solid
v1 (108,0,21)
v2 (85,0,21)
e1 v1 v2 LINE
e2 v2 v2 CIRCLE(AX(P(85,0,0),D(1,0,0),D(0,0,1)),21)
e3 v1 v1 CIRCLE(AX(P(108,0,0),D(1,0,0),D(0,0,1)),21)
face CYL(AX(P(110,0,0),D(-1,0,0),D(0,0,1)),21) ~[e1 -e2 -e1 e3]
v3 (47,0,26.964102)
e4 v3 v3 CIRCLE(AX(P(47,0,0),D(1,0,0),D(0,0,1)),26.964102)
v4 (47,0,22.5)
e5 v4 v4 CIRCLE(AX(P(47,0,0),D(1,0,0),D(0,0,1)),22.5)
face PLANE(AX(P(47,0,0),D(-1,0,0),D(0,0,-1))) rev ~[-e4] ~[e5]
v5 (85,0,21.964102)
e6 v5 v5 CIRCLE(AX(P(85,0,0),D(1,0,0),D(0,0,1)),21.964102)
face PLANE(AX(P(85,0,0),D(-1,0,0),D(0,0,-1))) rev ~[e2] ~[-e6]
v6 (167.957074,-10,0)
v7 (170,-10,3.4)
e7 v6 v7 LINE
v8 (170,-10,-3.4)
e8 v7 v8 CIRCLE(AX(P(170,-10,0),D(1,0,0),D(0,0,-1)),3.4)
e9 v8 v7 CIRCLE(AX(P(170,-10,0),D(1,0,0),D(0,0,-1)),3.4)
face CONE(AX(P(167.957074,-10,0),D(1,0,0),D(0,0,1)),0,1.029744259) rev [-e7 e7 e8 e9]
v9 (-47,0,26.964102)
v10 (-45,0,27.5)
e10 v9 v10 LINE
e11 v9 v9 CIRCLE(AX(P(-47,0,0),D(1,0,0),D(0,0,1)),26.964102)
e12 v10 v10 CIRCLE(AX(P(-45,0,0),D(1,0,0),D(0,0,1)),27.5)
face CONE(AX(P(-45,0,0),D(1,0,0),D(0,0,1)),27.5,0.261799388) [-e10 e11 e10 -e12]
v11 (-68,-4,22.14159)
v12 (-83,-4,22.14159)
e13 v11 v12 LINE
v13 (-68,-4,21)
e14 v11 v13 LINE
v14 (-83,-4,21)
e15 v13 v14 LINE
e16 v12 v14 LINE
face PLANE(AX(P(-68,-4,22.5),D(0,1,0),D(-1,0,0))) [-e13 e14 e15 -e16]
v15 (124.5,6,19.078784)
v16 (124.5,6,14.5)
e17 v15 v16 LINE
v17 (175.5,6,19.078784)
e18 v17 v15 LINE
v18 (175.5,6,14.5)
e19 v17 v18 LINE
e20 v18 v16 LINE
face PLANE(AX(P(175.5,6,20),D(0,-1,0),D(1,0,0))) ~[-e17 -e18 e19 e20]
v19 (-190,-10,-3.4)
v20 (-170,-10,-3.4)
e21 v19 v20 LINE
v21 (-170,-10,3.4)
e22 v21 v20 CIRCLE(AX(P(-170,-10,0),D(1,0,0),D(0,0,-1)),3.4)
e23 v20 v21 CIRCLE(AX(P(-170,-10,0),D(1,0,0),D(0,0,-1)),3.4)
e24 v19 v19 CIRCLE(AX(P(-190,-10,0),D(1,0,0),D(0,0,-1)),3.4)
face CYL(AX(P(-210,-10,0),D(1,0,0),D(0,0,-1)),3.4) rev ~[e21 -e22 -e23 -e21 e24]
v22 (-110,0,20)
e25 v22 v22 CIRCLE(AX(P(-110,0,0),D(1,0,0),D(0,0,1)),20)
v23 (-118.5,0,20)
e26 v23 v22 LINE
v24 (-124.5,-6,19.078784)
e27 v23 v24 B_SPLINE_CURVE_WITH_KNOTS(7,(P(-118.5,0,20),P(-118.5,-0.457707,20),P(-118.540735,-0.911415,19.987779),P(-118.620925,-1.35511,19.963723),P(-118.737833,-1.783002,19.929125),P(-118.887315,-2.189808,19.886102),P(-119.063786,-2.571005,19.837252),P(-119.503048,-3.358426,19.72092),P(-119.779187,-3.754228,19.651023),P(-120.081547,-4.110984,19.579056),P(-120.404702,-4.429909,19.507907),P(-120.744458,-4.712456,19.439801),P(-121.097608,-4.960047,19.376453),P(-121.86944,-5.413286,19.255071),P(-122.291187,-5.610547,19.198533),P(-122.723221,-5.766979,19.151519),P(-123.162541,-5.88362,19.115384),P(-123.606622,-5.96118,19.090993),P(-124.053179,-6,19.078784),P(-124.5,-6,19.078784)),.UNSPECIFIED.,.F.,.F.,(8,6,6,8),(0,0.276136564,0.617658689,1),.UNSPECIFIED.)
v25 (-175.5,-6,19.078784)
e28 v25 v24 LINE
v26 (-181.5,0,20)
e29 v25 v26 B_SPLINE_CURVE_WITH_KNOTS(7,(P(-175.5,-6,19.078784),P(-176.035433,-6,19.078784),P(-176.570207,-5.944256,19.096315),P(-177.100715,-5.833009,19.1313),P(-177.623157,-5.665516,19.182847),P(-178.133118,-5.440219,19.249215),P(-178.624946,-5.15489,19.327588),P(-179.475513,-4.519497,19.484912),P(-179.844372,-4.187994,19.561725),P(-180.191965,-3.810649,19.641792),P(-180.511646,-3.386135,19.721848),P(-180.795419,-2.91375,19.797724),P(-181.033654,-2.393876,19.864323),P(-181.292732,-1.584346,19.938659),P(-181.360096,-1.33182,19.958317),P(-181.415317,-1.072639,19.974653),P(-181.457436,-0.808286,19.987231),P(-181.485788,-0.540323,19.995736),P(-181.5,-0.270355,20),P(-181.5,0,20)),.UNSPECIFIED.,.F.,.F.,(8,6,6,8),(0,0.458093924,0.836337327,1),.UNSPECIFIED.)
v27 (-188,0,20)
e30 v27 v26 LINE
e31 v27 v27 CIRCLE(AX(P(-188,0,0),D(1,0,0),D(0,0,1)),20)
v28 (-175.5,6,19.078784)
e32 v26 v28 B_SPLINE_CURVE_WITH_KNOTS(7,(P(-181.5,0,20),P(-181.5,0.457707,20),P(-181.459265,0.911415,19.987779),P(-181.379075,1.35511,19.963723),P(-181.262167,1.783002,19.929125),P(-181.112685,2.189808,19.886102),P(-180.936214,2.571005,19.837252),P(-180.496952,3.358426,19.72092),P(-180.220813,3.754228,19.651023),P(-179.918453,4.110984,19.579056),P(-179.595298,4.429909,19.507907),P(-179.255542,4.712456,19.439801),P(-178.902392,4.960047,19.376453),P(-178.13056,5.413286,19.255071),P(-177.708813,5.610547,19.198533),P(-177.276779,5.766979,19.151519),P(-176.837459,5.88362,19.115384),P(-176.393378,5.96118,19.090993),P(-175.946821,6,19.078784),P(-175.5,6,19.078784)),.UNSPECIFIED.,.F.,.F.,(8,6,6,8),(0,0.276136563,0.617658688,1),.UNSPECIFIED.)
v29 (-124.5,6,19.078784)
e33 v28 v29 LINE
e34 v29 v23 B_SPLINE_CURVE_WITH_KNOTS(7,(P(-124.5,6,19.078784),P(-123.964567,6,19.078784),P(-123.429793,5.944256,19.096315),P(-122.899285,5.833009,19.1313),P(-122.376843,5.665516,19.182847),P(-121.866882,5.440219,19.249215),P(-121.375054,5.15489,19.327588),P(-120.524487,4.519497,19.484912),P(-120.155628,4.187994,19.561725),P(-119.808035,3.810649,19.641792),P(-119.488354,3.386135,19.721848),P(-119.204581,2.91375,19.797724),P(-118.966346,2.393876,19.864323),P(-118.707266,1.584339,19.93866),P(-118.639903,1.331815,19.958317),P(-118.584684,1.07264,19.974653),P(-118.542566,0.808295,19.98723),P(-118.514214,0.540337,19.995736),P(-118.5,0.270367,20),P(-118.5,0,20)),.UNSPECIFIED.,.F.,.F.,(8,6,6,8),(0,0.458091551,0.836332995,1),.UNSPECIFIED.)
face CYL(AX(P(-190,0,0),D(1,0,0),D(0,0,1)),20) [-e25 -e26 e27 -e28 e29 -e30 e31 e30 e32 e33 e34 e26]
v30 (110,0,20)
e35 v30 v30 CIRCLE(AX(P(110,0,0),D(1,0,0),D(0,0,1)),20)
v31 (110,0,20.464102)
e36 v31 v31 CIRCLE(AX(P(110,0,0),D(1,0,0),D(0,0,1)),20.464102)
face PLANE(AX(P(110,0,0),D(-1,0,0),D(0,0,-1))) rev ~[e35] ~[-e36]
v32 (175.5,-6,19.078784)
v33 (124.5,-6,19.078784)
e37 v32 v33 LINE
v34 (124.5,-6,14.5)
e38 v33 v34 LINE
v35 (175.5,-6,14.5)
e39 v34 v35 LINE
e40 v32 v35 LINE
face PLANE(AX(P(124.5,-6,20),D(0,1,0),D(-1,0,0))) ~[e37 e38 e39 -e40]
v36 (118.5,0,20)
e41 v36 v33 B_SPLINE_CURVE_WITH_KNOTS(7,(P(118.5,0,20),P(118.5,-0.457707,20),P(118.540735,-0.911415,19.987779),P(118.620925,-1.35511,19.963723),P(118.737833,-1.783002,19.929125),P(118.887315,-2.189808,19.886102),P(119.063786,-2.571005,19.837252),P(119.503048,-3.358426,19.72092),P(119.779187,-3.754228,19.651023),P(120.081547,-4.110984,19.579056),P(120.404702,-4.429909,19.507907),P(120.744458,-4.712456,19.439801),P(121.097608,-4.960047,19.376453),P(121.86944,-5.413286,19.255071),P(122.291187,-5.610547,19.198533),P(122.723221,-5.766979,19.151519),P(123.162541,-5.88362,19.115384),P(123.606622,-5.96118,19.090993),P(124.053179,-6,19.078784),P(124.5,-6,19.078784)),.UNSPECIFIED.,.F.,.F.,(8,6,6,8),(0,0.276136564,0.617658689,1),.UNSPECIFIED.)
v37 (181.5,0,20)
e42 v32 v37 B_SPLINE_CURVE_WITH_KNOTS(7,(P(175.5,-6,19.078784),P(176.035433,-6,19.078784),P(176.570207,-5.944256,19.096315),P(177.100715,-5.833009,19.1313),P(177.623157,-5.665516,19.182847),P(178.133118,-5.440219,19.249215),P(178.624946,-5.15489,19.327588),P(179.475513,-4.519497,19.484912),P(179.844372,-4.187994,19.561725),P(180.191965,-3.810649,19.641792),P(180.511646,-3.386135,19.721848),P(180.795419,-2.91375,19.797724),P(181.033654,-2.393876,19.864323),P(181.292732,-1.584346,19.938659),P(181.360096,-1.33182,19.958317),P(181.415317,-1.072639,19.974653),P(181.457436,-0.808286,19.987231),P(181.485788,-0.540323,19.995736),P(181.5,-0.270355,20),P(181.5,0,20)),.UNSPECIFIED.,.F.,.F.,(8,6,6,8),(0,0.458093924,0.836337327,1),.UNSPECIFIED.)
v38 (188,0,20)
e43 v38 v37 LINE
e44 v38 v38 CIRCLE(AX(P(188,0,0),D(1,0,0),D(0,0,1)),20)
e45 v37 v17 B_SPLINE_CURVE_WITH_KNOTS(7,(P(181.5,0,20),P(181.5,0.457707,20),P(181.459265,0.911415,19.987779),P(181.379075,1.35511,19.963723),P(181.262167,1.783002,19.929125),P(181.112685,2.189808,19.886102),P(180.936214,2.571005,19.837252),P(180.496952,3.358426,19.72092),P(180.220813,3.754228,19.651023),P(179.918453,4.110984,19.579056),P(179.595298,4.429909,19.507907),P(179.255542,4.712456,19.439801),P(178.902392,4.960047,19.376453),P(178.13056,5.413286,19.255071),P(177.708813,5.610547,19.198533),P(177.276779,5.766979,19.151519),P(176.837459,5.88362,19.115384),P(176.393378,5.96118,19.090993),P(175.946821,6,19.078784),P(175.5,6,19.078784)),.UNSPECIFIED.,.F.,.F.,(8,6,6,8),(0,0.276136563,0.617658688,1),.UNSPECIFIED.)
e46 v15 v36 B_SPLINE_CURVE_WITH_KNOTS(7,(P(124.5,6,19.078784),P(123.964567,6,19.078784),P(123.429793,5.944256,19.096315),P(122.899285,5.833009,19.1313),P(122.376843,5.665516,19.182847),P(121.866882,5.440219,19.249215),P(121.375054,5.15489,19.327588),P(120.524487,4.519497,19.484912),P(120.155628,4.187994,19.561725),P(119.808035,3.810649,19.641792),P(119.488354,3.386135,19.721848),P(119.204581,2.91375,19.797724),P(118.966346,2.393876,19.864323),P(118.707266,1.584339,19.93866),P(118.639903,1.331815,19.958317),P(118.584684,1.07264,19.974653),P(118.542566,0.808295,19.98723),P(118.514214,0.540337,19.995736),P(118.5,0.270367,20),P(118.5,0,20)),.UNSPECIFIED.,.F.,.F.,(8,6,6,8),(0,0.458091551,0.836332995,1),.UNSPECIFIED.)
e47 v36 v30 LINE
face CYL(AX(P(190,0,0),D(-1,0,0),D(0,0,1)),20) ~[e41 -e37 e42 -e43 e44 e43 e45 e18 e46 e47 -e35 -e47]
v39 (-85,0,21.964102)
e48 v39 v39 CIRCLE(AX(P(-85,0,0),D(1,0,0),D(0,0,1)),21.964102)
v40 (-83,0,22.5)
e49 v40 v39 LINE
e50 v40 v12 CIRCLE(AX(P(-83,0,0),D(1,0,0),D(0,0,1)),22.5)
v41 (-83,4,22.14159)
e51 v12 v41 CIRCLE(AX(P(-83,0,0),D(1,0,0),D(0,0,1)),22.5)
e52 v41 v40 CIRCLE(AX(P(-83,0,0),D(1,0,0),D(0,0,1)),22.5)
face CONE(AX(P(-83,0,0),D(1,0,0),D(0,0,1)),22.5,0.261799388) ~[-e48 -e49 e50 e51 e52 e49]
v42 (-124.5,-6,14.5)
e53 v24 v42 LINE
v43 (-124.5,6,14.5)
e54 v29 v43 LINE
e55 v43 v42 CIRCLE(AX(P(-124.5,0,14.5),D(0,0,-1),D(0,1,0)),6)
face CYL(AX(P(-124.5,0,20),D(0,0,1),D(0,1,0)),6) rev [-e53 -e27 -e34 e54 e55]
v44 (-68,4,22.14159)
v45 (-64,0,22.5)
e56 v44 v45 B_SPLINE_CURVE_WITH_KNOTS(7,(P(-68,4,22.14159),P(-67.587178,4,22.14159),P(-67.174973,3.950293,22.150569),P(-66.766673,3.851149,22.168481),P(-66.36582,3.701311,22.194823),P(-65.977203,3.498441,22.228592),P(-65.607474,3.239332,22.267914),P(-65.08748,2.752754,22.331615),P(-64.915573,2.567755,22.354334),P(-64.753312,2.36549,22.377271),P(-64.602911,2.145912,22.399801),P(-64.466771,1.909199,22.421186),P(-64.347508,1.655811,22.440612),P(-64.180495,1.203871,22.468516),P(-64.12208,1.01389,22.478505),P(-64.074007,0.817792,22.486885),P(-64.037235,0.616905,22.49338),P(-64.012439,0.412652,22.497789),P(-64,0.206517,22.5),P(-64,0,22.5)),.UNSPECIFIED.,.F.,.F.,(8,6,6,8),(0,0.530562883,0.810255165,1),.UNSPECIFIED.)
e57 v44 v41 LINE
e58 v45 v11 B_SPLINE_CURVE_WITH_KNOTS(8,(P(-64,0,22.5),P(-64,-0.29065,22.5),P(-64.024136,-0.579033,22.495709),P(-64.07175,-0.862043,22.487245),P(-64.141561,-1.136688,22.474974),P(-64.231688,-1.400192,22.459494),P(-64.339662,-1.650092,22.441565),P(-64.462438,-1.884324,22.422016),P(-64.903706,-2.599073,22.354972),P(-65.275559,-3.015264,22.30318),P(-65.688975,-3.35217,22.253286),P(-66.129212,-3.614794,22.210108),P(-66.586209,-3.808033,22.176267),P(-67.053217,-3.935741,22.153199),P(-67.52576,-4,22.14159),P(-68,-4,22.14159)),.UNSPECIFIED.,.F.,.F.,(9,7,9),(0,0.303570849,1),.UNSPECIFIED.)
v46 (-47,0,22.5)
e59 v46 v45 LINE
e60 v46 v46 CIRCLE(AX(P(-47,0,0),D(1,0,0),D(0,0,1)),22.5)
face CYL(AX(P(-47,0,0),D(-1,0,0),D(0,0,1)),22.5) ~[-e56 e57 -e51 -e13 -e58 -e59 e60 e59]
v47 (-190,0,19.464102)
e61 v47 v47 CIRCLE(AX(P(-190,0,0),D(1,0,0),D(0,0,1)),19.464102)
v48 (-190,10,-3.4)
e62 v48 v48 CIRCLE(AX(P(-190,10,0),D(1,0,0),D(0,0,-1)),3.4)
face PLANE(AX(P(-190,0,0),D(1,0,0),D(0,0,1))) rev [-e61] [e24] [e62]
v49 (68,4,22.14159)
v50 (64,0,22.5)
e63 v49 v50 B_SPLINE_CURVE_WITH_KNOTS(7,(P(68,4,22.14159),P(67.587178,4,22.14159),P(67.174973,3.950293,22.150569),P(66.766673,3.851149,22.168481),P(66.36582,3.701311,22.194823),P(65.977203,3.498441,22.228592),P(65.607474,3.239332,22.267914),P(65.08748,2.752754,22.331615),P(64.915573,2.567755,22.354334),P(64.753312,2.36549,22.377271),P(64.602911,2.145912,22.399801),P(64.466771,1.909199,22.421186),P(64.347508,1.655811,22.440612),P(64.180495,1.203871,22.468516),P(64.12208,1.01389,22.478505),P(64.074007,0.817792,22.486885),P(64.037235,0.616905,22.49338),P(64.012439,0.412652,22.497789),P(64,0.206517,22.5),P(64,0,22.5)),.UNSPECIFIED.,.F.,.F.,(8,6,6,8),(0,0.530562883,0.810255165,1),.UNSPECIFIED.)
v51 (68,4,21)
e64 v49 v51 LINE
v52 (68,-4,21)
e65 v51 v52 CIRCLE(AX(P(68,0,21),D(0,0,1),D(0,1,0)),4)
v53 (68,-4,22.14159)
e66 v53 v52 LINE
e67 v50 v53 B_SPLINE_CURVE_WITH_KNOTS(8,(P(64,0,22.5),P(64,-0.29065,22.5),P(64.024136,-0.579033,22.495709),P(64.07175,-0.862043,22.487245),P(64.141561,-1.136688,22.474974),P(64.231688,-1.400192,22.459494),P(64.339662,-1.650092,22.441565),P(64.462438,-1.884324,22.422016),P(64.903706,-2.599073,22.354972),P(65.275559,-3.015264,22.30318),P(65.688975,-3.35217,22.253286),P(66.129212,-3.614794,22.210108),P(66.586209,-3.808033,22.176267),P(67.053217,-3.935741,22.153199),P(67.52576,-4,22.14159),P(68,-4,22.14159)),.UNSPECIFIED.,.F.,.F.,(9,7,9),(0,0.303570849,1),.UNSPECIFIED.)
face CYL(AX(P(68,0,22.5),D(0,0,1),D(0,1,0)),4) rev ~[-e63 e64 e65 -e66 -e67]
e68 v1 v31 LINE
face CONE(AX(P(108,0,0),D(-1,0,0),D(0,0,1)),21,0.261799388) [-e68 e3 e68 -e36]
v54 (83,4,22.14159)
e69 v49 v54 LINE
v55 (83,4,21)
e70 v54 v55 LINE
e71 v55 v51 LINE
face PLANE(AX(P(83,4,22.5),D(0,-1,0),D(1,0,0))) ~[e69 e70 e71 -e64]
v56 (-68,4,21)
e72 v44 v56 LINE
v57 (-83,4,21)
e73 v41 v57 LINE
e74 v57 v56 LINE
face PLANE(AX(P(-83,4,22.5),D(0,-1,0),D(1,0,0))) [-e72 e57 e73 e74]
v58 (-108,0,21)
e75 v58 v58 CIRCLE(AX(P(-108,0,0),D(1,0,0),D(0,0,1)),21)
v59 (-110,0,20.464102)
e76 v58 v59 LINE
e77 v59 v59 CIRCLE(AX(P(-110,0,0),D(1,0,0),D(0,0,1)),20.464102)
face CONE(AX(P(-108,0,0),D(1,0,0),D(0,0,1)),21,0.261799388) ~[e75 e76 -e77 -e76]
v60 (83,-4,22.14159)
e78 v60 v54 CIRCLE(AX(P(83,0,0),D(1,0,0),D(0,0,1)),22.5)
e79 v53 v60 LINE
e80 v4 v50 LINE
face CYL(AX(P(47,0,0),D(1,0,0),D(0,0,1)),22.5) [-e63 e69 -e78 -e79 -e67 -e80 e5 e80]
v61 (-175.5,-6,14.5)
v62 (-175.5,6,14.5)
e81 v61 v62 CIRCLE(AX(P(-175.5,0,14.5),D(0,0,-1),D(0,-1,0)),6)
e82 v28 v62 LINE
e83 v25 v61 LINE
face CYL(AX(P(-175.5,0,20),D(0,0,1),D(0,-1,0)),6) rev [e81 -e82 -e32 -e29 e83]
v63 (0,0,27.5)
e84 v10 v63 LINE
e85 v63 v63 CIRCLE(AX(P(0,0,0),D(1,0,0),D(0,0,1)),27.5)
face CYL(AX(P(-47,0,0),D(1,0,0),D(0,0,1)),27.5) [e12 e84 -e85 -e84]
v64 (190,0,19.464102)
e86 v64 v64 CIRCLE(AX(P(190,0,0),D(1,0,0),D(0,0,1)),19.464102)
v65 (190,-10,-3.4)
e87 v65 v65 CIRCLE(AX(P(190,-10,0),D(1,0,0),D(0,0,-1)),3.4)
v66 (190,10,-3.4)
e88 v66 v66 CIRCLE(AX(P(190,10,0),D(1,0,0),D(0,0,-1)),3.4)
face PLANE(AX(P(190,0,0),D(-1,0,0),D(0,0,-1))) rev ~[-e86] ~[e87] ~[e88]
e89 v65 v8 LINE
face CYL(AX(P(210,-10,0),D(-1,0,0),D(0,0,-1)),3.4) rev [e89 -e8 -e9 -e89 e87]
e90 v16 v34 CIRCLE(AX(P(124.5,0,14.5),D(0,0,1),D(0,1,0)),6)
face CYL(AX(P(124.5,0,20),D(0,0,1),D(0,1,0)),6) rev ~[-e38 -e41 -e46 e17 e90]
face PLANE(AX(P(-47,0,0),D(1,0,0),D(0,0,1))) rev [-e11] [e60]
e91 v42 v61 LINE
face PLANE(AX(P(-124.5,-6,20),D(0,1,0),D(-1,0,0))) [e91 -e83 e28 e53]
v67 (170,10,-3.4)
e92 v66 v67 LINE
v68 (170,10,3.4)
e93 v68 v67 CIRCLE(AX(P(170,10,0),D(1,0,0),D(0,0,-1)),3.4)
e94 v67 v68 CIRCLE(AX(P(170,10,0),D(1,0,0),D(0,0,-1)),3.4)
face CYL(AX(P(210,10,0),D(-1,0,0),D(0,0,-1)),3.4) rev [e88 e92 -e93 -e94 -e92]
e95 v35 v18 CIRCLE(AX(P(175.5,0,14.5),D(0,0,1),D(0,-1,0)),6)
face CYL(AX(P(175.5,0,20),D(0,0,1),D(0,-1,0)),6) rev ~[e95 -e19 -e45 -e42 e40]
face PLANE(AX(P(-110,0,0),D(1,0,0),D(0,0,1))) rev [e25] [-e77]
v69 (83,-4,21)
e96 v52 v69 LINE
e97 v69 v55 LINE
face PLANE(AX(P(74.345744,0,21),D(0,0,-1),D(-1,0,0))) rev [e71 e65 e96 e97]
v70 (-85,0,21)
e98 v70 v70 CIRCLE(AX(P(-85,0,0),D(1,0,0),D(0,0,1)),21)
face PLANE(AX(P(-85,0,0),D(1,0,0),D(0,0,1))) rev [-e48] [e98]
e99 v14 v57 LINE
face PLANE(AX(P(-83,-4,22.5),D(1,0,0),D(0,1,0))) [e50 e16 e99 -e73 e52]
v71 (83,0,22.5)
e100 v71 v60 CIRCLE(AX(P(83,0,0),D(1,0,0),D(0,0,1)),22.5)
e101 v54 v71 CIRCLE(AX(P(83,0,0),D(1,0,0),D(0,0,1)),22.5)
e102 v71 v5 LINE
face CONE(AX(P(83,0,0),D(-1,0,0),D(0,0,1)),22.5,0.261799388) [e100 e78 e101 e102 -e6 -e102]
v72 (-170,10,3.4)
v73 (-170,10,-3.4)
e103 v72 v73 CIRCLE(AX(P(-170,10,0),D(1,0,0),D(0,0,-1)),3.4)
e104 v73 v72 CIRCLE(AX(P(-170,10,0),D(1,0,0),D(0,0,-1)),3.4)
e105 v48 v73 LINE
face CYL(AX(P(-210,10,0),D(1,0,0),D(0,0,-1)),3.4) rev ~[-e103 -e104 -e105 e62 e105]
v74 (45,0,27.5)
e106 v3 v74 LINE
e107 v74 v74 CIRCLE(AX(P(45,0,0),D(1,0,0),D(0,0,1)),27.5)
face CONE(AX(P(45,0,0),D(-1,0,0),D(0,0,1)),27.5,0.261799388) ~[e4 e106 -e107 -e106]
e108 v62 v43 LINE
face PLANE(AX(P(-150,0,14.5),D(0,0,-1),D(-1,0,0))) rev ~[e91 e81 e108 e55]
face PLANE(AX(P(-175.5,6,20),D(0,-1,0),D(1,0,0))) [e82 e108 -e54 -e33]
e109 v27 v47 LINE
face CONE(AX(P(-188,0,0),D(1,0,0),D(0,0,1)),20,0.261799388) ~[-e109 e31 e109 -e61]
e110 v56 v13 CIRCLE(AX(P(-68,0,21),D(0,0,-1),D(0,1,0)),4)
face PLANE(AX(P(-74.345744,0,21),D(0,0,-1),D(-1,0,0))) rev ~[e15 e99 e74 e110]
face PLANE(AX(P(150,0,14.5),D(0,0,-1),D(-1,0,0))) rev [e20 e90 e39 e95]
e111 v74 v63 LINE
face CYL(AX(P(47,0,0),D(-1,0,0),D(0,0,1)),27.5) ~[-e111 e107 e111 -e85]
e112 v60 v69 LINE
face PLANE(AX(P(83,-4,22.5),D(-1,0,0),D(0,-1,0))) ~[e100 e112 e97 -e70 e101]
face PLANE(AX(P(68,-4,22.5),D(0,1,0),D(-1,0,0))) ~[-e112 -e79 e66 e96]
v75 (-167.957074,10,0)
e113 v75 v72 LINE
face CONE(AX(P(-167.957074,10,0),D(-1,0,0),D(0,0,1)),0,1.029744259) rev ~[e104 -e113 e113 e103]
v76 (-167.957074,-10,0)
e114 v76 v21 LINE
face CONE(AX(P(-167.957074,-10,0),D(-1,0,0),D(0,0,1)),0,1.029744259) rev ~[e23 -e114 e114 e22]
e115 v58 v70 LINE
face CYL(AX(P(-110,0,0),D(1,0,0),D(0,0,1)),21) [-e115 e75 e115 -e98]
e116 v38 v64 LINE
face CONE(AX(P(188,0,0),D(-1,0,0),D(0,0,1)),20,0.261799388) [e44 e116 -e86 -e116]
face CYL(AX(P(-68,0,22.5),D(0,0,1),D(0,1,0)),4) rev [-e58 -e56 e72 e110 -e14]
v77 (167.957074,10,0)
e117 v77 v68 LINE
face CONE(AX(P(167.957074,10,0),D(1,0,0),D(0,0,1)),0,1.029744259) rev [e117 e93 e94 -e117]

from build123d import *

# Parameters (mm, degrees)
FASE1_SIZE                      = 0.535898385
FASE1_SIZE2                     = 2
FASE1_EDGE_2_SIZE               = 2
FASE1_EDGE_2_SIZE2              = 0.535898385
FASE1_EDGE_3_SIZE               = 2
FASE1_EDGE_3_SIZE2              = 0.535898385
SCHNITT_LINEAR_AUSTRAGEN1_DEPTH = 5.5
M8_GEWINDEBOHRUNG1_D            = 6.8
M8_GEWINDEBOHRUNG1_DEPTH        = 20
M8_GEWINDEBOHRUNG1_TIP          = 2.042926105
FASE2_SIZE                      = 2
FASE2_SIZE2                     = 0.535898385
SCHNITT_LINEAR_AUSTRAGEN2_DEPTH = 1.5


with BuildPart() as part:
    # Skizze1 → Rotation1 (revolve)
    with BuildSketch(Plane.XY, mode=Mode.PRIVATE) as rotation1_sk:
        Polygon((-85, 22.5), (-70, 22.5), (-47, 22.5), (-47, 27.5), (0, 27.5), (0, 0), (-190, 0), (-190, 20), (-110, 20), (-110, 21), (-85, 21), align=None)
    revolve(rotation1_sk.sketch.rotate(Axis((-55.076928245, 0, 0), (1, 0, 0)), 90), axis=Axis((-55.076928245, 0, 0), (1, 0, 0)))  # turned: the seam where the file's is

    # Fase1
    fase1_edges = [part.edges().sort_by_distance(p)[0] for p in [
        (-47, 0, -27.5),
    ]]
    fase1_side = [part.faces().sort_by_distance(p)[0] for p in [
        (-47, 0, -23.277817459),
    ]]
    chamfer(fase1_edges, length=FASE1_SIZE, length2=FASE1_SIZE2, reference=fase1_side[0])

    # Fase1 edge 2
    fase1_edge_2_edges = [part.edges().sort_by_distance(p)[0] for p in [
        (-85, 0, -22.5),
    ]]
    fase1_edge_2_side = [part.faces().sort_by_distance(p)[0] for p in [
        (-66, 0, -22.5),
    ]]
    chamfer(fase1_edge_2_edges, length=FASE1_EDGE_2_SIZE, length2=FASE1_EDGE_2_SIZE2, reference=fase1_edge_2_side[0])

    # Fase1 edge 3
    fase1_edge_3_edges = [part.edges().sort_by_distance(p)[0] for p in [
        (-110, 0, -21),
    ]]
    fase1_edge_3_side = [part.faces().sort_by_distance(p)[0] for p in [
        (-97.5, 0, -21),
    ]]
    chamfer(fase1_edge_3_edges, length=FASE1_EDGE_3_SIZE, length2=FASE1_EDGE_3_SIZE2, reference=fase1_edge_3_side[0])

    # Skizze2 → Schnitt-Linear austragen1 (cut)
    with BuildSketch(Plane.XY.offset(20)):
        with BuildLine():
            Line((-175.5, 6), (-124.5, 6))
            ThreePointArc((-124.5, 6), (-118.5, 0), (-124.5, -6))
            Line((-124.5, -6), (-175.5, -6))
            ThreePointArc((-175.5, -6), (-181.5, 0), (-175.5, 6))
        make_face()
    extrude(amount=-SCHNITT_LINEAR_AUSTRAGEN1_DEPTH, mode=Mode.SUBTRACT)

    # M8 Gewindebohrung1
    with Locations(Plane.ZY.offset(190)):
        with Locations((0, 10), (0, -10)):
            Hole(M8_GEWINDEBOHRUNG1_D / 2, depth=M8_GEWINDEBOHRUNG1_DEPTH)
            with Locations((0, 0, -(M8_GEWINDEBOHRUNG1_DEPTH + M8_GEWINDEBOHRUNG1_TIP / 2))):  # 118° drill point
                Cone(0, M8_GEWINDEBOHRUNG1_D / 2, M8_GEWINDEBOHRUNG1_TIP, mode=Mode.SUBTRACT)

    # Fase2
    fase2_edges = [part.edges().sort_by_distance(p)[0] for p in [
        (-190, 0, -20),
    ]]
    fase2_side = [part.faces().sort_by_distance(p)[0] for p in [
        (-150, 0, -20),
    ]]
    chamfer(fase2_edges, length=FASE2_SIZE, length2=FASE2_SIZE2, reference=fase2_side[0])

    # Skizze8 → Schnitt-Linear austragen2 (cut)
    with BuildSketch(Plane.XY.offset(22.5)):
        with BuildLine():
            Line((-83, 4), (-68, 4))
            ThreePointArc((-68, 4), (-64, 0), (-68, -4))
            Line((-68, -4), (-83, -4))
            Line((-83, -4), (-83, 4))
        make_face()
    extrude(amount=-SCHNITT_LINEAR_AUSTRAGEN2_DEPTH, mode=Mode.SUBTRACT)

    # Spiegeln1: part across plane


with BuildPart() as part_1:
    add(part.part)
    add(part.part.mirror(Plane.ZY))


solid = part_1.part
